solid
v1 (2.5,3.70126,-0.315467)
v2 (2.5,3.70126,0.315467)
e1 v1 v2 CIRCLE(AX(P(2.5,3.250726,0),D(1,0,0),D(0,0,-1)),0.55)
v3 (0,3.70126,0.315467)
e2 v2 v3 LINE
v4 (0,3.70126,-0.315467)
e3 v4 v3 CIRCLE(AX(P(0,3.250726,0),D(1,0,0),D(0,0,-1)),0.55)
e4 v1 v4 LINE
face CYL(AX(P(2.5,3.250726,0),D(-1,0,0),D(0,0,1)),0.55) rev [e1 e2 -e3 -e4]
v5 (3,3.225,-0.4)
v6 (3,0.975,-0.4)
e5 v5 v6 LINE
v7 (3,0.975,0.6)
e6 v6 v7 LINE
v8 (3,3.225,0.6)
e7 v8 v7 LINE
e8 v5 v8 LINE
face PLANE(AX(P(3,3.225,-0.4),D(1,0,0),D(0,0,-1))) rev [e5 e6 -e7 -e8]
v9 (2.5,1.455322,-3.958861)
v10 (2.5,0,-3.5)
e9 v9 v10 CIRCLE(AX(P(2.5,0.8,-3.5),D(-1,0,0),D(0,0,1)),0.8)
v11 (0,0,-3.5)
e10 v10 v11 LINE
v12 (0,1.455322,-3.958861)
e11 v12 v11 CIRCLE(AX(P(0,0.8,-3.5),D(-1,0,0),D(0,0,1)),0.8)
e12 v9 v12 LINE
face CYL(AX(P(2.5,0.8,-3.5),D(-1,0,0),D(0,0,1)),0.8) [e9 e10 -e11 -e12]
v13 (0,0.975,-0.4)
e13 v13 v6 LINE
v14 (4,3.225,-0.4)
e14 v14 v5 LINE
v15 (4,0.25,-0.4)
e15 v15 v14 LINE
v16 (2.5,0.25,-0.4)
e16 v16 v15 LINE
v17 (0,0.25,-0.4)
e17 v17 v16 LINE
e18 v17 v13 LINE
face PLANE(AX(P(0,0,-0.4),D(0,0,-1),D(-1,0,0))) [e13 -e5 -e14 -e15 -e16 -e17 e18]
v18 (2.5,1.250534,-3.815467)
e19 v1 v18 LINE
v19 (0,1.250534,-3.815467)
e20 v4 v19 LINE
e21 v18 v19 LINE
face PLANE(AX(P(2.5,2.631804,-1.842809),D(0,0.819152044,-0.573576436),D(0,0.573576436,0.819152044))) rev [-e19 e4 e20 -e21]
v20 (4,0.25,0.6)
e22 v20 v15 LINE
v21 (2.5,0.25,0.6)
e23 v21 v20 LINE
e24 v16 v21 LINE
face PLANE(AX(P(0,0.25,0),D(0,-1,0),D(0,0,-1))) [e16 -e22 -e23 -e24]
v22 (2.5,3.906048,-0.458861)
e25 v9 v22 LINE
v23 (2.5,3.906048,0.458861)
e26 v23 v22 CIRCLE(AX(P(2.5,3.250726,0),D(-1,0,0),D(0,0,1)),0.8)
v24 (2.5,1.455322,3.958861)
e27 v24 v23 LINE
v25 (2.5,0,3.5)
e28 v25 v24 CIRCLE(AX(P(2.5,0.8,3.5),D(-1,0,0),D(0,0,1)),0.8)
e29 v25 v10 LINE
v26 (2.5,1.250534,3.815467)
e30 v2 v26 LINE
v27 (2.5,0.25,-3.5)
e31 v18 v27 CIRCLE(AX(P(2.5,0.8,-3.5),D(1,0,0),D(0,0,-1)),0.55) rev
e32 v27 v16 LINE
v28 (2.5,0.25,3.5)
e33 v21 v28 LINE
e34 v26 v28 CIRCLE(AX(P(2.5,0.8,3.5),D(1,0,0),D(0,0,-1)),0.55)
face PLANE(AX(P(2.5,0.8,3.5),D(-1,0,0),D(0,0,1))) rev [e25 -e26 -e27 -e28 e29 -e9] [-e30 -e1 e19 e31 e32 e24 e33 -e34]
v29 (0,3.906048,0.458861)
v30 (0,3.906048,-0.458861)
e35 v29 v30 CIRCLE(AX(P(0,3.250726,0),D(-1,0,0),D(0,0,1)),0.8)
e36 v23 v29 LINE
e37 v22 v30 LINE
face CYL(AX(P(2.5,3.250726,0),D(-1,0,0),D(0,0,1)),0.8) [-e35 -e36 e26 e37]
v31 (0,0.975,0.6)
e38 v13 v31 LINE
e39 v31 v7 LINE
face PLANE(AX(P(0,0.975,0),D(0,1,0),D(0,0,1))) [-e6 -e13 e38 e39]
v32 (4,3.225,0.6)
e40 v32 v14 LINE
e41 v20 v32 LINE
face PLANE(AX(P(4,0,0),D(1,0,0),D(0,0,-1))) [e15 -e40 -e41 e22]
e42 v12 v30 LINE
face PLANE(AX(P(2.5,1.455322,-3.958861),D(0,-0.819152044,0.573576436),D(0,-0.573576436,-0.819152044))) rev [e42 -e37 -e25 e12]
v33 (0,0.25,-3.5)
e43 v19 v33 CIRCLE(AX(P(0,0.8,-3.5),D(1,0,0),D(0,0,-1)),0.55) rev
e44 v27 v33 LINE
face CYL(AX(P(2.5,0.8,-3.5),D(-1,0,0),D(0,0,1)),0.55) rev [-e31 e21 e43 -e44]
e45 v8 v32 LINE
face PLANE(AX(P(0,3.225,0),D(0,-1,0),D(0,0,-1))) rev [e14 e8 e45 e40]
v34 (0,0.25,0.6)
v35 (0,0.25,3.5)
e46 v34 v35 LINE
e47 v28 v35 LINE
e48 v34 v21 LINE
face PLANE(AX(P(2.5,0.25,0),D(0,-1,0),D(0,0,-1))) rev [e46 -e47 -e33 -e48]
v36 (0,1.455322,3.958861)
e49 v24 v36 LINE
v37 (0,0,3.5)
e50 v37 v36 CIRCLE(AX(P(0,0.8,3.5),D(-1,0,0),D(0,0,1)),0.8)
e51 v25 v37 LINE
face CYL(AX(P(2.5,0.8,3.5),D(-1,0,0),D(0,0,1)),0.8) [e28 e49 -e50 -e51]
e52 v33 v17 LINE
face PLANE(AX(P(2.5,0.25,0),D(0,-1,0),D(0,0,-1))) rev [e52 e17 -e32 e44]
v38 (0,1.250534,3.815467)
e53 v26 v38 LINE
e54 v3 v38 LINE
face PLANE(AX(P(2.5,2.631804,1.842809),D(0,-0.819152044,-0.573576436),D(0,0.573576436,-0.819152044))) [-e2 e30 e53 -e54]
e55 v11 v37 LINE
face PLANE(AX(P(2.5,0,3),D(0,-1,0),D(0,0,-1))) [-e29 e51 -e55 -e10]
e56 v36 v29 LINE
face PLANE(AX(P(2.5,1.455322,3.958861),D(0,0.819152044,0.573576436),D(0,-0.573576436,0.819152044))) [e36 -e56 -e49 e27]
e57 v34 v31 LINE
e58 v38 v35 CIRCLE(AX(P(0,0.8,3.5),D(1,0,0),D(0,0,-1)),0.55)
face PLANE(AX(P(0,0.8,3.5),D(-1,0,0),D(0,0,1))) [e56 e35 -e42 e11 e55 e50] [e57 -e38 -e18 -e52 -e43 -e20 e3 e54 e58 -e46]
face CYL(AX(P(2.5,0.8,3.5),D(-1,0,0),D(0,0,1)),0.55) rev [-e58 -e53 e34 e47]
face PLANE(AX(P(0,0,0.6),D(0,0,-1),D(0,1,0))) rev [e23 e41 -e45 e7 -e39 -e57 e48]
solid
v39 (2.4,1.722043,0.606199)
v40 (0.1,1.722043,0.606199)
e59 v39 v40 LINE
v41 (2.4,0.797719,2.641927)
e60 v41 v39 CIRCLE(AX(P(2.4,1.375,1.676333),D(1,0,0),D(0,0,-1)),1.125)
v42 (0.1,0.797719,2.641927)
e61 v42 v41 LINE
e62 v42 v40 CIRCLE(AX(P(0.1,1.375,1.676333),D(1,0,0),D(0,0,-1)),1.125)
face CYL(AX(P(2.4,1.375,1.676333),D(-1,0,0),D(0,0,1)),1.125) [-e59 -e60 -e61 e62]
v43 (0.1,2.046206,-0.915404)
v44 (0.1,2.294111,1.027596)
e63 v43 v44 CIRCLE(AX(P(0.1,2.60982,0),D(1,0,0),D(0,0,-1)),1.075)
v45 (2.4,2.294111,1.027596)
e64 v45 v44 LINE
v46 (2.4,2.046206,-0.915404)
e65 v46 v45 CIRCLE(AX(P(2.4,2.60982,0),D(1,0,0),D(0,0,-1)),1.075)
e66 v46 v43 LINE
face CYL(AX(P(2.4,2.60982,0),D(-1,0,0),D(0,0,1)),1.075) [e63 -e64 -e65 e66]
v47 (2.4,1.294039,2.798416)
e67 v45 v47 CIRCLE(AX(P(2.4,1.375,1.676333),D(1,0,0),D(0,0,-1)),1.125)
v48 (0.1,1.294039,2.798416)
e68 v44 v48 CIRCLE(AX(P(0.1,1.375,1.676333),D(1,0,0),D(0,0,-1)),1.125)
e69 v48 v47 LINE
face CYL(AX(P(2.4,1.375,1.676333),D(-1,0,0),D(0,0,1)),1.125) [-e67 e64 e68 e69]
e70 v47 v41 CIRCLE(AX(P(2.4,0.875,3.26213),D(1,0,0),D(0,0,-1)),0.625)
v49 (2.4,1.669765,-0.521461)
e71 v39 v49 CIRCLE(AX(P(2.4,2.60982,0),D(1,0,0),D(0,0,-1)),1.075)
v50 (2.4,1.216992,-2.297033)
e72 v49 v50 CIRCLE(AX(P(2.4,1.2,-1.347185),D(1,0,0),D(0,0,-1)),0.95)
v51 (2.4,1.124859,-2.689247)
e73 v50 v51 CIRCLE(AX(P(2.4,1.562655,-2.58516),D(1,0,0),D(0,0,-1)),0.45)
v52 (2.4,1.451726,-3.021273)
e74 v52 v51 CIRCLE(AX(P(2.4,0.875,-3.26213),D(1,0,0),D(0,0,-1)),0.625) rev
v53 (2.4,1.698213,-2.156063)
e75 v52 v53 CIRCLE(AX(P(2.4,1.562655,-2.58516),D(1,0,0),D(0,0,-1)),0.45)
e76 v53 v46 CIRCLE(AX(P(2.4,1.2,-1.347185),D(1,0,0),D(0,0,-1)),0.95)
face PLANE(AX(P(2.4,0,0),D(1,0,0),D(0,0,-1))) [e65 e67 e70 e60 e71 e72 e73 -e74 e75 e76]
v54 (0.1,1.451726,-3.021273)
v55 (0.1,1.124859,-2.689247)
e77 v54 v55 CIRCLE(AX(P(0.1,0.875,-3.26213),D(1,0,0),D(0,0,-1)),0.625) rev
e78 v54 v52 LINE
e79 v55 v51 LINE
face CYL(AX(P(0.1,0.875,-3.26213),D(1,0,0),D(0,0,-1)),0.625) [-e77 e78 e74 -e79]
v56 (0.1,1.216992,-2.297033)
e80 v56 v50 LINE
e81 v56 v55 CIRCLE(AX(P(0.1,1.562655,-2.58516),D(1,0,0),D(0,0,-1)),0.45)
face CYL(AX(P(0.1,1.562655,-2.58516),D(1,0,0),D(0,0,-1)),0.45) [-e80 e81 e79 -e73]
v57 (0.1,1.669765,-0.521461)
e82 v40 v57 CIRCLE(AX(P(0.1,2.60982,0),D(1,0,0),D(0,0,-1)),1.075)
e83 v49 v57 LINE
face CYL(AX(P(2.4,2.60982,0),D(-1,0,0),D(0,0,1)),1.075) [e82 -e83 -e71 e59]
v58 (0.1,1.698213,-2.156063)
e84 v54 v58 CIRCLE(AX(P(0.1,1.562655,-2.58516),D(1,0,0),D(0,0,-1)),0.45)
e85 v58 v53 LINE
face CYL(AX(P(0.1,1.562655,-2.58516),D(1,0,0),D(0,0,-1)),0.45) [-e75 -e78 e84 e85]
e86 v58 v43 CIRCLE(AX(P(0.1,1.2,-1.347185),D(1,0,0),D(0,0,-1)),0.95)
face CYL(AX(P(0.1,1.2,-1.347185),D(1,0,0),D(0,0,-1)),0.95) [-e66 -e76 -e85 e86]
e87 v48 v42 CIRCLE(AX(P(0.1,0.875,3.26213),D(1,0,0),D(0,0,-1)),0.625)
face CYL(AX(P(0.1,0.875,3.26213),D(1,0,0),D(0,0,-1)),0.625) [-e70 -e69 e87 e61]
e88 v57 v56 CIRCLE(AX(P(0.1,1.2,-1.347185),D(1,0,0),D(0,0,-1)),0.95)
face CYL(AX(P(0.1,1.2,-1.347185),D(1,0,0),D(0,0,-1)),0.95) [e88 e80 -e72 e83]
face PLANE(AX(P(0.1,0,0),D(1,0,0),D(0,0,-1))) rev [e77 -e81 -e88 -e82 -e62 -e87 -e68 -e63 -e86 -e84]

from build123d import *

# Parameters (mm, degrees)
TREADS_DEPTH                   = 2.5
CIRCLES_DEPTH                  = 1.15
CIRCLES_DEPTH_BACK             = 1.15
BOTTOM_OF_CONNECTOR_DEPTH      = 2.75
BOTTOM_OF_CONNECTOR_DEPTH_BACK = 1.25
SKETCH3_5_W                    = 1
SKETCH3_5_H                    = 0.725
SKETCH4_W                      = 1
SKETCH4_H                      = 1
TOP_OF_CONNECTOR_DEPTH         = 2.25


with BuildPart() as part:
    # Sketch1 → Treads (new body)
    with BuildSketch(Plane(origin=(0, 0, 0), x_dir=(0, 0, -1), z_dir=(1, 0, 0))):
        with BuildLine():
            Line((-3, 0), (3, 0))
            Line((3, 0), (3.5, 0))
            ThreePointArc((3.5, 0), (4.262973561, 0.55943536), (3.958861149, 1.455321635))
            Line((3.958861149, 1.455321635), (0.458861149, 3.906048019))
            ThreePointArc((0.458861149, 3.906048019), (0, 4.050726384), (-0.458861149, 3.906048019))
            Line((-0.458861149, 3.906048019), (-3.958861149, 1.455321635))
            ThreePointArc((-3.958861149, 1.455321635), (-4.262973561, 0.55943536), (-3.5, 0))
            Line((-3.5, 0), (-3, 0))
        make_face()
        with BuildLine():
            ThreePointArc((0, 3.800726384), (0.16538819, 3.775270707), (0.31546704, 3.701260008))
            Line((0.31546704, 3.701260008), (3.81546704, 1.250533624))
            ThreePointArc((3.81546704, 1.250533624), (4.024544323, 0.63461181), (3.5, 0.25))
            Line((3.5, 0.25), (-3.5, 0.25))
            ThreePointArc((-3.5, 0.25), (-4.024544323, 0.63461181), (-3.81546704, 1.250533624))
            Line((-3.81546704, 1.250533624), (-0.31546704, 3.701260008))
            ThreePointArc((-0.31546704, 3.701260008), (-0.16538819, 3.775270707), (0, 3.800726384))
        make_face(mode=Mode.SUBTRACT)
    extrude(amount=TREADS_DEPTH)

    # Sketch3<5> → Bottom of Connector (add, two sides: drawn at the far end of the back side and taken through both)
    with BuildSketch(Plane(origin=(1.25, 0, 0), x_dir=(0, 0, -1), z_dir=(1, 0, 0)).offset(-BOTTOM_OF_CONNECTOR_DEPTH_BACK)):
        with Locations((-0.1, 0.6125)):
            Rectangle(SKETCH3_5_W, SKETCH3_5_H)
    extrude(amount=BOTTOM_OF_CONNECTOR_DEPTH + BOTTOM_OF_CONNECTOR_DEPTH_BACK)

    # Sketch4 → Top of Connector (add)
    with BuildSketch(Plane(origin=(0, 0.975, 0), x_dir=(1, 0, 0), z_dir=(0, 1, 0))):
        with Locations((3.5, -0.1)):
            Rectangle(SKETCH4_W, SKETCH4_H)
    extrude(amount=TOP_OF_CONNECTOR_DEPTH)


with BuildPart() as body_2:
    # Sketch3 → Circles (new, two sides: drawn at the far end of the back side and taken through both)
    with BuildSketch(Plane(origin=(1.25, 0, 0), x_dir=(0, 0, -1), z_dir=(1, 0, 0)).offset(-CIRCLES_DEPTH_BACK)):
        with BuildLine():
            ThreePointArc((-2.641926718, 0.797718657), (-1.211224345, 0.350647058), (-0.606199298, 1.722043057))
            ThreePointArc((-0.606199298, 1.722043057), (-0.049783758, 1.535973098), (0.521460622, 1.669764503))
            ThreePointArc((0.521460622, 1.669764503), (1.112446431, 0.279457962), (2.297033365, 1.216992122))
            ThreePointArc((2.297033365, 1.216992122), (2.482253195, 1.124579804), (2.68924678, 1.124858699))
            ThreePointArc((2.68924678, 1.124858699), (3.700598319, 0.429611546), (3.021273042, 1.451725878))
            ThreePointArc((3.021273042, 1.451725878), (2.708453629, 1.995435529), (2.15606319, 1.698213434))
            ThreePointArc((2.15606319, 1.698213434), (1.60374964, 2.114699273), (0.915404217, 2.046206275))
            ThreePointArc((0.915404217, 2.046206275), (0.136054833, 3.676175239), (-1.027595727, 2.294110965))
            ThreePointArc((-1.027595727, 2.294110965), (-2.229550715, 2.354579066), (-2.798416042, 1.294039382))
            ThreePointArc((-2.798416042, 1.294039382), (-3.858203484, 0.687058875), (-2.641926718, 0.797718657))
        make_face()
    extrude(amount=CIRCLES_DEPTH + CIRCLES_DEPTH_BACK)


solid = Compound([part.part, body_2.part])
